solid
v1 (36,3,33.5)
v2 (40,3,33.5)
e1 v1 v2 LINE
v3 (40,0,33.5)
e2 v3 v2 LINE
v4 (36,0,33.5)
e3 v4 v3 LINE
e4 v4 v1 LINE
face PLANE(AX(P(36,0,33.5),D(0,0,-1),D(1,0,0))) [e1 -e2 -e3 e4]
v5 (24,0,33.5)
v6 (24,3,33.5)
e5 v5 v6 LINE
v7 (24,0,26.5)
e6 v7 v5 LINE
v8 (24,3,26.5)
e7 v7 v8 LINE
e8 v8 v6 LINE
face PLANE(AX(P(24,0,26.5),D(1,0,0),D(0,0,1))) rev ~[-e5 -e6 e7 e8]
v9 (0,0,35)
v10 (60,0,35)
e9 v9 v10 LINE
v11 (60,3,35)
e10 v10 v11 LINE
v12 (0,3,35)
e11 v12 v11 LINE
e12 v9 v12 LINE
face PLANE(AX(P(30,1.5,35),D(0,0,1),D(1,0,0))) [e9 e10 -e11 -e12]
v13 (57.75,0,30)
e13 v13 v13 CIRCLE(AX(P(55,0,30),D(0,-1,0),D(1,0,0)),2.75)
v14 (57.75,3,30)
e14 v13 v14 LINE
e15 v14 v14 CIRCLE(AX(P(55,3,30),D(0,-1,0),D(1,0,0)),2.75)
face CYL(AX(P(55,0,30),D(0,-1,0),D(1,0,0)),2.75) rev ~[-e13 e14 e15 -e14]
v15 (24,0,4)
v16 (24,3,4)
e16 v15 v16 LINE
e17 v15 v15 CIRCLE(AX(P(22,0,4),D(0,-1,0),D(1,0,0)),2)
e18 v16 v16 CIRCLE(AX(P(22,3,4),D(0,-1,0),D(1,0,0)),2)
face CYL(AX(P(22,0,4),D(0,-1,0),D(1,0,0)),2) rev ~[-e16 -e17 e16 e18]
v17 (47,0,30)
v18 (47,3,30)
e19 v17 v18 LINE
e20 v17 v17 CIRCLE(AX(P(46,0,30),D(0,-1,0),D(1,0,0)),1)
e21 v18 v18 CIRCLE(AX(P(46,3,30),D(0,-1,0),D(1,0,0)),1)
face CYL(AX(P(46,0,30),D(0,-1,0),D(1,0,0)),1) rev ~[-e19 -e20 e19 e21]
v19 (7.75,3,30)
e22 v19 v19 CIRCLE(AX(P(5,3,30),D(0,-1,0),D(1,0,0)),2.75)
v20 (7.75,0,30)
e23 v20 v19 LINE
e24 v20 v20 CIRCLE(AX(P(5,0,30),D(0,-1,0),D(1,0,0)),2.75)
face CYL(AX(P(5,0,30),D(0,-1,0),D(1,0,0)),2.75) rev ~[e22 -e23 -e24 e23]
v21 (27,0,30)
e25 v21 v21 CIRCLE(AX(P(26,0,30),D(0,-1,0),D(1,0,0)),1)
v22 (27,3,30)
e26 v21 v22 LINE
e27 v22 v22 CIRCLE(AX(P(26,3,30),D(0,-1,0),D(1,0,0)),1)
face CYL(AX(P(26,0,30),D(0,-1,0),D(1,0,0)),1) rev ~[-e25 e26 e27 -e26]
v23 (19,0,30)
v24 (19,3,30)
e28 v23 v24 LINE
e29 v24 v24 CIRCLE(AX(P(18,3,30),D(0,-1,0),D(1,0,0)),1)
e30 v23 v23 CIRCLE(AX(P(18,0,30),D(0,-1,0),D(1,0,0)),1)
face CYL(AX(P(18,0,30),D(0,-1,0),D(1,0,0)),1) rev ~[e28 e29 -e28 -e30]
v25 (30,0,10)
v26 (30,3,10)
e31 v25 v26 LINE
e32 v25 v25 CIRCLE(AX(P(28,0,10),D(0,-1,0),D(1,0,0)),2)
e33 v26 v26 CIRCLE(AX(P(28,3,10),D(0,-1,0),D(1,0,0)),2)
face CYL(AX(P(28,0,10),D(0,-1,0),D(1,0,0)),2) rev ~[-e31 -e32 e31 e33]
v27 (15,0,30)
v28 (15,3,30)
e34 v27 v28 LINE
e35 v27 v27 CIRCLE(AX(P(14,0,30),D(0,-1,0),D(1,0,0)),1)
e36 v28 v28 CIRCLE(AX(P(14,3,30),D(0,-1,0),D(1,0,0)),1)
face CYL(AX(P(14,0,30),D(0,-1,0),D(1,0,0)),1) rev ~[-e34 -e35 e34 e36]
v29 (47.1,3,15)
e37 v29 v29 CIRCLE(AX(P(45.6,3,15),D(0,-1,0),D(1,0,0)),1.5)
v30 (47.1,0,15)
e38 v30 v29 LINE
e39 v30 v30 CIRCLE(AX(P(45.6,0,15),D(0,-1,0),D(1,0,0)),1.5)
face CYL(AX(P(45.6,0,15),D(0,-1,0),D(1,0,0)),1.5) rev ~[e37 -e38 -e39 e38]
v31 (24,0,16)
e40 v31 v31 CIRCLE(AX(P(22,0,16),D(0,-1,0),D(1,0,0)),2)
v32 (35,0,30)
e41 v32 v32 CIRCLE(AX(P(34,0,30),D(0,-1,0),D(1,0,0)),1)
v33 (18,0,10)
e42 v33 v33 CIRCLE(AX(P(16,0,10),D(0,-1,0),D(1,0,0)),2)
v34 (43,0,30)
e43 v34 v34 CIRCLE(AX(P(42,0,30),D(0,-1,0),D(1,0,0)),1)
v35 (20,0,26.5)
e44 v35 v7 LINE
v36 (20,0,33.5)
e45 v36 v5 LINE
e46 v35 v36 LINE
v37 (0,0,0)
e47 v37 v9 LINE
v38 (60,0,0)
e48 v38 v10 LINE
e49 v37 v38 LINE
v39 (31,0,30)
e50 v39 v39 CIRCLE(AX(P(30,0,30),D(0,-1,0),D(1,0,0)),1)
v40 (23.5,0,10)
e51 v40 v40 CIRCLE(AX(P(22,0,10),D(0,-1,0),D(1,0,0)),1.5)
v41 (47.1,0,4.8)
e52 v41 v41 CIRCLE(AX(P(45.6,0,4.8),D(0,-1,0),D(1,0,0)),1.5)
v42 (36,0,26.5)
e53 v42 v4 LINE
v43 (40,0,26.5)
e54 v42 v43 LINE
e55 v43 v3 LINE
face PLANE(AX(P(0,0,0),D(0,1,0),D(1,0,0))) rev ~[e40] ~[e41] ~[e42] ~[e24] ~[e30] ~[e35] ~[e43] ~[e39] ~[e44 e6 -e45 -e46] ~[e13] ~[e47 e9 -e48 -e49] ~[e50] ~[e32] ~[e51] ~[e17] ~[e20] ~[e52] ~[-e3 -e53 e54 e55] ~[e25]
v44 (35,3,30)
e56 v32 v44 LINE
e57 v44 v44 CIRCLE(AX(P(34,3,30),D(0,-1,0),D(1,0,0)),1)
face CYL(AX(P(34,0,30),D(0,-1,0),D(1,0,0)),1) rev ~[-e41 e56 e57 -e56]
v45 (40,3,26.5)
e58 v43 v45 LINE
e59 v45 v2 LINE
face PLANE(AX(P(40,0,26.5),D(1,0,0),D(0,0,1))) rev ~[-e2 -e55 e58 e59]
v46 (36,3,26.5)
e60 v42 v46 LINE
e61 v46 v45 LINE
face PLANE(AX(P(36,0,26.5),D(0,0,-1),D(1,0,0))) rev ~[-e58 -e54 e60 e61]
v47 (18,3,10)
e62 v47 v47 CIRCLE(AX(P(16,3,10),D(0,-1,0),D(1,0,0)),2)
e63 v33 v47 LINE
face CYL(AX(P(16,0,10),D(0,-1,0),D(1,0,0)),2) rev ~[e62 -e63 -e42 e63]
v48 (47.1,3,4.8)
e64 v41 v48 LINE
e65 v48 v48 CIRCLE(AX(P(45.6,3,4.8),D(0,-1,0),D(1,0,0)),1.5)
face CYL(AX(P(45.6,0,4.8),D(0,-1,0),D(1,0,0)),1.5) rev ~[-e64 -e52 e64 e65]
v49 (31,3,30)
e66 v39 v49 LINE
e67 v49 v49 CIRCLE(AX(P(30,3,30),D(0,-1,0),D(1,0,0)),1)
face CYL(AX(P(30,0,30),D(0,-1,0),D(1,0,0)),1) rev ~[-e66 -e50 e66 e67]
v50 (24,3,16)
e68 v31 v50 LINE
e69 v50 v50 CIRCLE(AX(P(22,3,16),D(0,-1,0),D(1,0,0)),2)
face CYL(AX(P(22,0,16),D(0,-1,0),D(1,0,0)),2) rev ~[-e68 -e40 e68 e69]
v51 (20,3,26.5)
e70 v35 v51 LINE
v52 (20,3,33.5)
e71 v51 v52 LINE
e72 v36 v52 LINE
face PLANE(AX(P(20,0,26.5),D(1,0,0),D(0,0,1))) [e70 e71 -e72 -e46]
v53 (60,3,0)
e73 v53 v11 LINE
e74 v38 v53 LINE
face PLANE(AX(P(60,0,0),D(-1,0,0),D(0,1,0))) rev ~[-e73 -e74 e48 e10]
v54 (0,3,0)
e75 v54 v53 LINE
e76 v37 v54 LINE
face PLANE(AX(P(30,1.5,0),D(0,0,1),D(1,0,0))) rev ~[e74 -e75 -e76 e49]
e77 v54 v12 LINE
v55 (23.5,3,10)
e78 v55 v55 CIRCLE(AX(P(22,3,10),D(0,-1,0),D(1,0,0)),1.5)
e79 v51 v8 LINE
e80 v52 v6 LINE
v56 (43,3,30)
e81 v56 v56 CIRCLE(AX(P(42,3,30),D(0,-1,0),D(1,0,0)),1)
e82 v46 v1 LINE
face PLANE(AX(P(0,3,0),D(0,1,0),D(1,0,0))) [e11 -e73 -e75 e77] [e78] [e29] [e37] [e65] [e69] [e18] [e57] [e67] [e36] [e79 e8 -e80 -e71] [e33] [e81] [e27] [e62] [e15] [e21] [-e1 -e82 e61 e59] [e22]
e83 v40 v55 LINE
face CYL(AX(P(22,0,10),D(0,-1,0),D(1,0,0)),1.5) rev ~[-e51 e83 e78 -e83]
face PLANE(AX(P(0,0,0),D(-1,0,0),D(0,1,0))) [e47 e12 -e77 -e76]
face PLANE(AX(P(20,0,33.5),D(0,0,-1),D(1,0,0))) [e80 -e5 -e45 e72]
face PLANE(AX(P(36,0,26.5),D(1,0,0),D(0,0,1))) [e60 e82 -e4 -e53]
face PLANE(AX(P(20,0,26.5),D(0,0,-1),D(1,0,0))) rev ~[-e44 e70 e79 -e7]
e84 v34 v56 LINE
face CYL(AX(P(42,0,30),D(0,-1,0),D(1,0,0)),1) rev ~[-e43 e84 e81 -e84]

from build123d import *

# Parameters (mm, degrees)
SKETCH_W      = 60
SKETCH_H      = 3
PAD_DEPTH     = 35
SKETCH001_R   = 1.5
SKETCH001_R_2 = 2
SKETCH001_R_3 = 2.75
SKETCH001_R_4 = 1
SKETCH001_W   = 4
SKETCH001_H   = 7
POCKET_DEPTH  = 3


with BuildPart() as part:
    # Sketch → Pad (new body)
    with BuildSketch(Plane.XY):
        with Locations((30, 1.5)):
            Rectangle(SKETCH_W, SKETCH_H)
    extrude(amount=PAD_DEPTH)

    # Sketch001 → Pocket (cut)
    with BuildSketch(Plane.XZ):
        with Locations((22, 10)):
            Circle(SKETCH001_R)
        with Locations((28, 10)):
            Circle(SKETCH001_R_2)
        with Locations((22, 16)):
            Circle(SKETCH001_R_2)
        with Locations((16, 10)):
            Circle(SKETCH001_R_2)
        with Locations((22, 4)):
            Circle(SKETCH001_R_2)
        with Locations((5, 30)):
            Circle(SKETCH001_R_3)
        with Locations((55, 30)):
            Circle(SKETCH001_R_3)
        with Locations((14, 30)):
            Circle(SKETCH001_R_4)
        with Locations((18, 30)):
            Circle(SKETCH001_R_4)
        with Locations((26, 30)):
            Circle(SKETCH001_R_4)
        with Locations((30, 30)):
            Circle(SKETCH001_R_4)
        with Locations((34, 30)):
            Circle(SKETCH001_R_4)
        with Locations((42, 30)):
            Circle(SKETCH001_R_4)
        with Locations((46, 30)):
            Circle(SKETCH001_R_4)
        with Locations((45.6, 15)):
            Circle(SKETCH001_R)
        with Locations((45.6, 4.8)):
            Circle(SKETCH001_R)
        with Locations((22, 30)):
            Rectangle(SKETCH001_W, SKETCH001_H)
        with Locations((38, 30)):
            Rectangle(SKETCH001_W, SKETCH001_H)
    extrude(amount=-POCKET_DEPTH, mode=Mode.SUBTRACT)


solid = part.part
